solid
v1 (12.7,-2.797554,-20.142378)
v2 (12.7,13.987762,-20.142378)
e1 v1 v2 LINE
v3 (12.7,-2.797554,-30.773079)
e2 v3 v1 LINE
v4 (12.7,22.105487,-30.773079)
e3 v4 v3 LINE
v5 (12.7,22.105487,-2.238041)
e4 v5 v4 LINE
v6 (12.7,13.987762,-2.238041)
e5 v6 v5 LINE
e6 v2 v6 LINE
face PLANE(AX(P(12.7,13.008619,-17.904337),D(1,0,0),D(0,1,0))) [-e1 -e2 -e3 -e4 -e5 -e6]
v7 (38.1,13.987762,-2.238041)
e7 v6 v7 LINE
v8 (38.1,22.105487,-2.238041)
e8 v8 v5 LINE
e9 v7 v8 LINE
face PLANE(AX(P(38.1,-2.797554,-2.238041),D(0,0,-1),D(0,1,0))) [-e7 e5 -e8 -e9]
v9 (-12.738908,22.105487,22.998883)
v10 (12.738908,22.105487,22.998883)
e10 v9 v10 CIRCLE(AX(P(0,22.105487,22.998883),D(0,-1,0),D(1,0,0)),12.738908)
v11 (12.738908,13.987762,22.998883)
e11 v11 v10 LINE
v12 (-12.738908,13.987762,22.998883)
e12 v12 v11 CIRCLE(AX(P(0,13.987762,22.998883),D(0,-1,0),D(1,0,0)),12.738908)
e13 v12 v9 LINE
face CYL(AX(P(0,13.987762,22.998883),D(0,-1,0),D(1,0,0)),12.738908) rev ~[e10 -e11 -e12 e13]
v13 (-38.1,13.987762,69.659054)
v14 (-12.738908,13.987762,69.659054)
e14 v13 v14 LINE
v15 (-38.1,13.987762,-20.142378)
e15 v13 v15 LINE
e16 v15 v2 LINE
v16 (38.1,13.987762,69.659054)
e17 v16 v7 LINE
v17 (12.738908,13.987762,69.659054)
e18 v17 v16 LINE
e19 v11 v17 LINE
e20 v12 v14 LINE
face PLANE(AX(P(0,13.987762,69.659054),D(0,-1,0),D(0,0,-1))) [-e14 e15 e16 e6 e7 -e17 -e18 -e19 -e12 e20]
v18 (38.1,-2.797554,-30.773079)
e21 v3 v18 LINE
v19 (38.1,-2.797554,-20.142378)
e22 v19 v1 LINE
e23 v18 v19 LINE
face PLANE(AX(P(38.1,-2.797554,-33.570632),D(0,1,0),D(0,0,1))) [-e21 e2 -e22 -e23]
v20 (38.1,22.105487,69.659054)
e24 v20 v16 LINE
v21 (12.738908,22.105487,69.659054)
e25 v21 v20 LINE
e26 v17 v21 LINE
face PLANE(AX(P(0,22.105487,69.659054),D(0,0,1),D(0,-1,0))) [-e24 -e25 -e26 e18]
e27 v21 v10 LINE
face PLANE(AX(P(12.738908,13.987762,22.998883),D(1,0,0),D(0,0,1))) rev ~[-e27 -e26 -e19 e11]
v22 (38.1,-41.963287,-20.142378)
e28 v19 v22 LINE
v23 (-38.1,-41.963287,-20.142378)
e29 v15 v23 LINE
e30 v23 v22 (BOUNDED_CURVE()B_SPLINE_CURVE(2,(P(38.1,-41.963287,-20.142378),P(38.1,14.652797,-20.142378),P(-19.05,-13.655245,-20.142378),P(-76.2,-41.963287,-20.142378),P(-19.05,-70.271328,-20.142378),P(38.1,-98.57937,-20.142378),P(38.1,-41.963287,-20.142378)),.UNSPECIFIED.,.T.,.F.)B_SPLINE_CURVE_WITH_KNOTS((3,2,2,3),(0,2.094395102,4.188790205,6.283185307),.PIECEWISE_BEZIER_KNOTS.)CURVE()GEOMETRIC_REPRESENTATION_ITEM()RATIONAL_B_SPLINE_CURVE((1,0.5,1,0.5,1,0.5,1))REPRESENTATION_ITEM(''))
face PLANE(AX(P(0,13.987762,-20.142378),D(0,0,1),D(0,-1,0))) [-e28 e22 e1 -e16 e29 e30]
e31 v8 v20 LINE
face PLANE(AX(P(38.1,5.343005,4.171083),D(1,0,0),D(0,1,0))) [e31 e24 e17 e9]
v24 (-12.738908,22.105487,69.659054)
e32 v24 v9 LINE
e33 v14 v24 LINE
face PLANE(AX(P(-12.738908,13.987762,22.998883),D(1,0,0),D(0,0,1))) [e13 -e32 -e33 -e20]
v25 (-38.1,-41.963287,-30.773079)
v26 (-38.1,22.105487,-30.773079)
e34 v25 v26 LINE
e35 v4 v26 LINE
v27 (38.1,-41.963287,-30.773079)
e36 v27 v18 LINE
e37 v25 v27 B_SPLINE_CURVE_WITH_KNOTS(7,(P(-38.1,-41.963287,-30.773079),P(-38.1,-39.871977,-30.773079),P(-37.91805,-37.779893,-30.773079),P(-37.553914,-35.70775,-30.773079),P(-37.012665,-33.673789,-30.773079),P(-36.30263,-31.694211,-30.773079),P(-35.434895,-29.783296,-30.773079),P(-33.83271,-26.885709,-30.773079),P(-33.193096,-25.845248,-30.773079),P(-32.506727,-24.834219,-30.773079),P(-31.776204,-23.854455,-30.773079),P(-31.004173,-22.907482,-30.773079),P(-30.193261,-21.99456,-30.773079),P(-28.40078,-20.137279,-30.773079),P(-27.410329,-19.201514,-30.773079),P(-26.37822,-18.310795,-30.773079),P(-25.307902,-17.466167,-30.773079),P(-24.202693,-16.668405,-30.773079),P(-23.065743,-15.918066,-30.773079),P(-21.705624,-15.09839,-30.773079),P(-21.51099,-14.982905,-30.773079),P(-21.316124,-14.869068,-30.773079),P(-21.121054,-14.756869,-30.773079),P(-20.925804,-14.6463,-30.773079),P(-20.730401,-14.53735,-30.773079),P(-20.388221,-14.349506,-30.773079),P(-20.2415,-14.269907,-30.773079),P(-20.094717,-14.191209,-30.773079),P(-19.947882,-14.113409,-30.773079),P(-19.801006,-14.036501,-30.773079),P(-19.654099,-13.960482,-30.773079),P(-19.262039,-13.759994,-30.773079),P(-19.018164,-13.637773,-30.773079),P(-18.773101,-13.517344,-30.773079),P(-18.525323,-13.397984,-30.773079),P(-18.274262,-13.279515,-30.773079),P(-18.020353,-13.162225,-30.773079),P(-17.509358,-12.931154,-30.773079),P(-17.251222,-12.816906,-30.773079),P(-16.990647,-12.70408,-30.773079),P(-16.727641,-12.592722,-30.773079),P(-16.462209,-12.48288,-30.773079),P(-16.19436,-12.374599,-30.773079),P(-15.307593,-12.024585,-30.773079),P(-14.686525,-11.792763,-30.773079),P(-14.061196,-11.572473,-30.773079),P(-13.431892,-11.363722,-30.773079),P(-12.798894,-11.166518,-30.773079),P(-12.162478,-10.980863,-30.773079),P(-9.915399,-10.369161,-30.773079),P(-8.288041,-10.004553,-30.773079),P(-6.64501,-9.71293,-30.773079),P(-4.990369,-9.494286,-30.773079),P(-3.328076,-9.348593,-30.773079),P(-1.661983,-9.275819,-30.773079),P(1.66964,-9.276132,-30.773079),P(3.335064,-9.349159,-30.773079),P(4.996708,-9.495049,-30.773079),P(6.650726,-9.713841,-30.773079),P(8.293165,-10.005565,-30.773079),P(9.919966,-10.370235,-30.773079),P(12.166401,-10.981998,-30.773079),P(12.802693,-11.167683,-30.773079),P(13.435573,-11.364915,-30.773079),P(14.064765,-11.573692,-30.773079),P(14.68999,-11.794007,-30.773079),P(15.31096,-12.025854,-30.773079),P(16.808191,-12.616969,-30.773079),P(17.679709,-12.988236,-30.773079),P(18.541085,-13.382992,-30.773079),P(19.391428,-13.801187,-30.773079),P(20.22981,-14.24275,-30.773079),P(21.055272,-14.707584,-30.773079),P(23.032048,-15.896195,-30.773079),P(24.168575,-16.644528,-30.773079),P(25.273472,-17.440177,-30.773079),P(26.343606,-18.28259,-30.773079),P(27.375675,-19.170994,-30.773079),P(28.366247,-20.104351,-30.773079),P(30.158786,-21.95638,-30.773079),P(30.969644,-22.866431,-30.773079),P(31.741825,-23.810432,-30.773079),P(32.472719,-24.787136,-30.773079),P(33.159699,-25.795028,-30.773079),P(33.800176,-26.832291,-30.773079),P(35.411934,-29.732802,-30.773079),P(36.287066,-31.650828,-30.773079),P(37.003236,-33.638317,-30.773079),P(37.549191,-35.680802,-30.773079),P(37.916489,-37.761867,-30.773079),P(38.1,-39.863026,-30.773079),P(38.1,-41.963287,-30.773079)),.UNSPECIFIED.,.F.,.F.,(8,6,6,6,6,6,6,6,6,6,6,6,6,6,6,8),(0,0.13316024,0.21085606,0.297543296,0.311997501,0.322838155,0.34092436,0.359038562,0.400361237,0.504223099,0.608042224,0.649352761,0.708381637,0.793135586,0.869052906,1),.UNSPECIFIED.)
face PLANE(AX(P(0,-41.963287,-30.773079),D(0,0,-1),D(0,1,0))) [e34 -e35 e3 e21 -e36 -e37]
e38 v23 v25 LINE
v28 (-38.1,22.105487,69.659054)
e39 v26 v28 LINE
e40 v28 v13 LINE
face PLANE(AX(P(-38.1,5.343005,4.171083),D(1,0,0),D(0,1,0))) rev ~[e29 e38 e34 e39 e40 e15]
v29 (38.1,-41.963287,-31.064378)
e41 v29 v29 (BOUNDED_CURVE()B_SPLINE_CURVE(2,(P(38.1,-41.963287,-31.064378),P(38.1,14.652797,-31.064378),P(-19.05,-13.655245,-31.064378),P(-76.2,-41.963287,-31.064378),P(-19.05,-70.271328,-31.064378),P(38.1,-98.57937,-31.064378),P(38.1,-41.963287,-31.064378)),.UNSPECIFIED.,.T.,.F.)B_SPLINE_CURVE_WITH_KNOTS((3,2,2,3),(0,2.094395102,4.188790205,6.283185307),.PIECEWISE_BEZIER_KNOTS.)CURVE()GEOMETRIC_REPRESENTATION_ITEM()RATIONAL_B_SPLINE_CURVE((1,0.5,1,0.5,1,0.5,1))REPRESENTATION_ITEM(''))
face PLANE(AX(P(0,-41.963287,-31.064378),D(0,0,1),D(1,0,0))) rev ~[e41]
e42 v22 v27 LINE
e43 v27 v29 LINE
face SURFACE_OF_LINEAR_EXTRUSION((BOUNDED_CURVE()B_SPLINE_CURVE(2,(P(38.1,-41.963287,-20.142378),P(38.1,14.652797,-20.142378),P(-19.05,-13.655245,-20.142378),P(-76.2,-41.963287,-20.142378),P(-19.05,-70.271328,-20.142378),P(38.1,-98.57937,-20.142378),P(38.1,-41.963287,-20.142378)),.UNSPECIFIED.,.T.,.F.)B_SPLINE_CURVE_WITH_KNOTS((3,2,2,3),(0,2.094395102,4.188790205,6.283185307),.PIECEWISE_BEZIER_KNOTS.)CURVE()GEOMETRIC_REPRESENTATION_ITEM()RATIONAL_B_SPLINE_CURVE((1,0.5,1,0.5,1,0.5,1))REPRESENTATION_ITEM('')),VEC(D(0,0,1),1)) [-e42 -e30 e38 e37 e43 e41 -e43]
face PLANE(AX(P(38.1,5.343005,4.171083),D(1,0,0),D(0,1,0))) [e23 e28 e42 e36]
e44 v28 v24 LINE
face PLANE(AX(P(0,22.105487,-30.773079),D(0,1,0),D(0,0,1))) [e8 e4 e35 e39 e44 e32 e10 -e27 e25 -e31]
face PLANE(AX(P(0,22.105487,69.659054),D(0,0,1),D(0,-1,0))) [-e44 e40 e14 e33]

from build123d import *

# Parameters (mm, degrees)
F1_DEPTH = 38.1
F2_W     = 25.4778154194
F2_H     = 46.6601713864
F3_DEPTH = 25.4
F4_R     = 12.7389077097
F5_DEPTH = 25.4
F7_DEPTH = 10.922
F8_W     = 31.6123468801
F8_H     = 31.3325910829
F9_DEPTH = 25.4


with BuildPart() as f1:
    # F0 (on Right) → F1 (new body, symmetric)
    with BuildSketch(Plane.YZ):
        Polygon((22.1054865791, -30.7730790228), (22.1054865791, 69.6590542793), (13.9877619222, 69.6590542793), (13.9877619222, -20.1423782855), (-41.9632866979, -20.1423782855), (-41.9632866979, -30.7730790228), align=None)
    extrude(amount=F1_DEPTH, both=True)

    # F2 (on face) → F3 (cut)
    with BuildSketch(Plane.XZ.offset(-13.9877619222)):
        with Locations((0, 46.3289685861)):
            Rectangle(F2_W, F2_H)
    extrude(amount=-F3_DEPTH, mode=Mode.SUBTRACT)

    # F4 (on face) → F5 (cut)
    with BuildSketch(Plane.XZ.offset(-13.9877619222)):
        with Locations((0, 22.9988828929)):
            Circle(F4_R)
    extrude(amount=-F5_DEPTH, mode=Mode.SUBTRACT)

    # F6 (on face) → F7 (join)
    with BuildSketch(Plane.XY.offset(-20.1423782855)):
        with BuildLine():
            add(Edge.make_bspline(
                [(38.1, -41.9632866979), (38.1, 14.6527967771), (-19.05, -13.6552449604), (-76.2, -41.9632866979), (-19.05, -70.2713284353), (38.1, -98.5793701728), (38.1, -41.9632866979)],
                knots=[0, 0, 0, 2.0943951024, 2.0943951024, 4.1887902048, 4.1887902048, 6.2831853072, 6.2831853072, 6.2831853072], degree=2, weights=[1, 0.5, 1, 0.5, 1, 0.5, 1]))
        make_face()
    extrude(amount=-F7_DEPTH)

    # F8 (on face) → F9 (cut)
    with BuildSketch(Plane.YZ.offset(38.1)):
        with Locations((13.008619193, -17.9043367971)):
            Rectangle(F8_W, F8_H)
    extrude(amount=-F9_DEPTH, mode=Mode.SUBTRACT)


solid = f1.part
